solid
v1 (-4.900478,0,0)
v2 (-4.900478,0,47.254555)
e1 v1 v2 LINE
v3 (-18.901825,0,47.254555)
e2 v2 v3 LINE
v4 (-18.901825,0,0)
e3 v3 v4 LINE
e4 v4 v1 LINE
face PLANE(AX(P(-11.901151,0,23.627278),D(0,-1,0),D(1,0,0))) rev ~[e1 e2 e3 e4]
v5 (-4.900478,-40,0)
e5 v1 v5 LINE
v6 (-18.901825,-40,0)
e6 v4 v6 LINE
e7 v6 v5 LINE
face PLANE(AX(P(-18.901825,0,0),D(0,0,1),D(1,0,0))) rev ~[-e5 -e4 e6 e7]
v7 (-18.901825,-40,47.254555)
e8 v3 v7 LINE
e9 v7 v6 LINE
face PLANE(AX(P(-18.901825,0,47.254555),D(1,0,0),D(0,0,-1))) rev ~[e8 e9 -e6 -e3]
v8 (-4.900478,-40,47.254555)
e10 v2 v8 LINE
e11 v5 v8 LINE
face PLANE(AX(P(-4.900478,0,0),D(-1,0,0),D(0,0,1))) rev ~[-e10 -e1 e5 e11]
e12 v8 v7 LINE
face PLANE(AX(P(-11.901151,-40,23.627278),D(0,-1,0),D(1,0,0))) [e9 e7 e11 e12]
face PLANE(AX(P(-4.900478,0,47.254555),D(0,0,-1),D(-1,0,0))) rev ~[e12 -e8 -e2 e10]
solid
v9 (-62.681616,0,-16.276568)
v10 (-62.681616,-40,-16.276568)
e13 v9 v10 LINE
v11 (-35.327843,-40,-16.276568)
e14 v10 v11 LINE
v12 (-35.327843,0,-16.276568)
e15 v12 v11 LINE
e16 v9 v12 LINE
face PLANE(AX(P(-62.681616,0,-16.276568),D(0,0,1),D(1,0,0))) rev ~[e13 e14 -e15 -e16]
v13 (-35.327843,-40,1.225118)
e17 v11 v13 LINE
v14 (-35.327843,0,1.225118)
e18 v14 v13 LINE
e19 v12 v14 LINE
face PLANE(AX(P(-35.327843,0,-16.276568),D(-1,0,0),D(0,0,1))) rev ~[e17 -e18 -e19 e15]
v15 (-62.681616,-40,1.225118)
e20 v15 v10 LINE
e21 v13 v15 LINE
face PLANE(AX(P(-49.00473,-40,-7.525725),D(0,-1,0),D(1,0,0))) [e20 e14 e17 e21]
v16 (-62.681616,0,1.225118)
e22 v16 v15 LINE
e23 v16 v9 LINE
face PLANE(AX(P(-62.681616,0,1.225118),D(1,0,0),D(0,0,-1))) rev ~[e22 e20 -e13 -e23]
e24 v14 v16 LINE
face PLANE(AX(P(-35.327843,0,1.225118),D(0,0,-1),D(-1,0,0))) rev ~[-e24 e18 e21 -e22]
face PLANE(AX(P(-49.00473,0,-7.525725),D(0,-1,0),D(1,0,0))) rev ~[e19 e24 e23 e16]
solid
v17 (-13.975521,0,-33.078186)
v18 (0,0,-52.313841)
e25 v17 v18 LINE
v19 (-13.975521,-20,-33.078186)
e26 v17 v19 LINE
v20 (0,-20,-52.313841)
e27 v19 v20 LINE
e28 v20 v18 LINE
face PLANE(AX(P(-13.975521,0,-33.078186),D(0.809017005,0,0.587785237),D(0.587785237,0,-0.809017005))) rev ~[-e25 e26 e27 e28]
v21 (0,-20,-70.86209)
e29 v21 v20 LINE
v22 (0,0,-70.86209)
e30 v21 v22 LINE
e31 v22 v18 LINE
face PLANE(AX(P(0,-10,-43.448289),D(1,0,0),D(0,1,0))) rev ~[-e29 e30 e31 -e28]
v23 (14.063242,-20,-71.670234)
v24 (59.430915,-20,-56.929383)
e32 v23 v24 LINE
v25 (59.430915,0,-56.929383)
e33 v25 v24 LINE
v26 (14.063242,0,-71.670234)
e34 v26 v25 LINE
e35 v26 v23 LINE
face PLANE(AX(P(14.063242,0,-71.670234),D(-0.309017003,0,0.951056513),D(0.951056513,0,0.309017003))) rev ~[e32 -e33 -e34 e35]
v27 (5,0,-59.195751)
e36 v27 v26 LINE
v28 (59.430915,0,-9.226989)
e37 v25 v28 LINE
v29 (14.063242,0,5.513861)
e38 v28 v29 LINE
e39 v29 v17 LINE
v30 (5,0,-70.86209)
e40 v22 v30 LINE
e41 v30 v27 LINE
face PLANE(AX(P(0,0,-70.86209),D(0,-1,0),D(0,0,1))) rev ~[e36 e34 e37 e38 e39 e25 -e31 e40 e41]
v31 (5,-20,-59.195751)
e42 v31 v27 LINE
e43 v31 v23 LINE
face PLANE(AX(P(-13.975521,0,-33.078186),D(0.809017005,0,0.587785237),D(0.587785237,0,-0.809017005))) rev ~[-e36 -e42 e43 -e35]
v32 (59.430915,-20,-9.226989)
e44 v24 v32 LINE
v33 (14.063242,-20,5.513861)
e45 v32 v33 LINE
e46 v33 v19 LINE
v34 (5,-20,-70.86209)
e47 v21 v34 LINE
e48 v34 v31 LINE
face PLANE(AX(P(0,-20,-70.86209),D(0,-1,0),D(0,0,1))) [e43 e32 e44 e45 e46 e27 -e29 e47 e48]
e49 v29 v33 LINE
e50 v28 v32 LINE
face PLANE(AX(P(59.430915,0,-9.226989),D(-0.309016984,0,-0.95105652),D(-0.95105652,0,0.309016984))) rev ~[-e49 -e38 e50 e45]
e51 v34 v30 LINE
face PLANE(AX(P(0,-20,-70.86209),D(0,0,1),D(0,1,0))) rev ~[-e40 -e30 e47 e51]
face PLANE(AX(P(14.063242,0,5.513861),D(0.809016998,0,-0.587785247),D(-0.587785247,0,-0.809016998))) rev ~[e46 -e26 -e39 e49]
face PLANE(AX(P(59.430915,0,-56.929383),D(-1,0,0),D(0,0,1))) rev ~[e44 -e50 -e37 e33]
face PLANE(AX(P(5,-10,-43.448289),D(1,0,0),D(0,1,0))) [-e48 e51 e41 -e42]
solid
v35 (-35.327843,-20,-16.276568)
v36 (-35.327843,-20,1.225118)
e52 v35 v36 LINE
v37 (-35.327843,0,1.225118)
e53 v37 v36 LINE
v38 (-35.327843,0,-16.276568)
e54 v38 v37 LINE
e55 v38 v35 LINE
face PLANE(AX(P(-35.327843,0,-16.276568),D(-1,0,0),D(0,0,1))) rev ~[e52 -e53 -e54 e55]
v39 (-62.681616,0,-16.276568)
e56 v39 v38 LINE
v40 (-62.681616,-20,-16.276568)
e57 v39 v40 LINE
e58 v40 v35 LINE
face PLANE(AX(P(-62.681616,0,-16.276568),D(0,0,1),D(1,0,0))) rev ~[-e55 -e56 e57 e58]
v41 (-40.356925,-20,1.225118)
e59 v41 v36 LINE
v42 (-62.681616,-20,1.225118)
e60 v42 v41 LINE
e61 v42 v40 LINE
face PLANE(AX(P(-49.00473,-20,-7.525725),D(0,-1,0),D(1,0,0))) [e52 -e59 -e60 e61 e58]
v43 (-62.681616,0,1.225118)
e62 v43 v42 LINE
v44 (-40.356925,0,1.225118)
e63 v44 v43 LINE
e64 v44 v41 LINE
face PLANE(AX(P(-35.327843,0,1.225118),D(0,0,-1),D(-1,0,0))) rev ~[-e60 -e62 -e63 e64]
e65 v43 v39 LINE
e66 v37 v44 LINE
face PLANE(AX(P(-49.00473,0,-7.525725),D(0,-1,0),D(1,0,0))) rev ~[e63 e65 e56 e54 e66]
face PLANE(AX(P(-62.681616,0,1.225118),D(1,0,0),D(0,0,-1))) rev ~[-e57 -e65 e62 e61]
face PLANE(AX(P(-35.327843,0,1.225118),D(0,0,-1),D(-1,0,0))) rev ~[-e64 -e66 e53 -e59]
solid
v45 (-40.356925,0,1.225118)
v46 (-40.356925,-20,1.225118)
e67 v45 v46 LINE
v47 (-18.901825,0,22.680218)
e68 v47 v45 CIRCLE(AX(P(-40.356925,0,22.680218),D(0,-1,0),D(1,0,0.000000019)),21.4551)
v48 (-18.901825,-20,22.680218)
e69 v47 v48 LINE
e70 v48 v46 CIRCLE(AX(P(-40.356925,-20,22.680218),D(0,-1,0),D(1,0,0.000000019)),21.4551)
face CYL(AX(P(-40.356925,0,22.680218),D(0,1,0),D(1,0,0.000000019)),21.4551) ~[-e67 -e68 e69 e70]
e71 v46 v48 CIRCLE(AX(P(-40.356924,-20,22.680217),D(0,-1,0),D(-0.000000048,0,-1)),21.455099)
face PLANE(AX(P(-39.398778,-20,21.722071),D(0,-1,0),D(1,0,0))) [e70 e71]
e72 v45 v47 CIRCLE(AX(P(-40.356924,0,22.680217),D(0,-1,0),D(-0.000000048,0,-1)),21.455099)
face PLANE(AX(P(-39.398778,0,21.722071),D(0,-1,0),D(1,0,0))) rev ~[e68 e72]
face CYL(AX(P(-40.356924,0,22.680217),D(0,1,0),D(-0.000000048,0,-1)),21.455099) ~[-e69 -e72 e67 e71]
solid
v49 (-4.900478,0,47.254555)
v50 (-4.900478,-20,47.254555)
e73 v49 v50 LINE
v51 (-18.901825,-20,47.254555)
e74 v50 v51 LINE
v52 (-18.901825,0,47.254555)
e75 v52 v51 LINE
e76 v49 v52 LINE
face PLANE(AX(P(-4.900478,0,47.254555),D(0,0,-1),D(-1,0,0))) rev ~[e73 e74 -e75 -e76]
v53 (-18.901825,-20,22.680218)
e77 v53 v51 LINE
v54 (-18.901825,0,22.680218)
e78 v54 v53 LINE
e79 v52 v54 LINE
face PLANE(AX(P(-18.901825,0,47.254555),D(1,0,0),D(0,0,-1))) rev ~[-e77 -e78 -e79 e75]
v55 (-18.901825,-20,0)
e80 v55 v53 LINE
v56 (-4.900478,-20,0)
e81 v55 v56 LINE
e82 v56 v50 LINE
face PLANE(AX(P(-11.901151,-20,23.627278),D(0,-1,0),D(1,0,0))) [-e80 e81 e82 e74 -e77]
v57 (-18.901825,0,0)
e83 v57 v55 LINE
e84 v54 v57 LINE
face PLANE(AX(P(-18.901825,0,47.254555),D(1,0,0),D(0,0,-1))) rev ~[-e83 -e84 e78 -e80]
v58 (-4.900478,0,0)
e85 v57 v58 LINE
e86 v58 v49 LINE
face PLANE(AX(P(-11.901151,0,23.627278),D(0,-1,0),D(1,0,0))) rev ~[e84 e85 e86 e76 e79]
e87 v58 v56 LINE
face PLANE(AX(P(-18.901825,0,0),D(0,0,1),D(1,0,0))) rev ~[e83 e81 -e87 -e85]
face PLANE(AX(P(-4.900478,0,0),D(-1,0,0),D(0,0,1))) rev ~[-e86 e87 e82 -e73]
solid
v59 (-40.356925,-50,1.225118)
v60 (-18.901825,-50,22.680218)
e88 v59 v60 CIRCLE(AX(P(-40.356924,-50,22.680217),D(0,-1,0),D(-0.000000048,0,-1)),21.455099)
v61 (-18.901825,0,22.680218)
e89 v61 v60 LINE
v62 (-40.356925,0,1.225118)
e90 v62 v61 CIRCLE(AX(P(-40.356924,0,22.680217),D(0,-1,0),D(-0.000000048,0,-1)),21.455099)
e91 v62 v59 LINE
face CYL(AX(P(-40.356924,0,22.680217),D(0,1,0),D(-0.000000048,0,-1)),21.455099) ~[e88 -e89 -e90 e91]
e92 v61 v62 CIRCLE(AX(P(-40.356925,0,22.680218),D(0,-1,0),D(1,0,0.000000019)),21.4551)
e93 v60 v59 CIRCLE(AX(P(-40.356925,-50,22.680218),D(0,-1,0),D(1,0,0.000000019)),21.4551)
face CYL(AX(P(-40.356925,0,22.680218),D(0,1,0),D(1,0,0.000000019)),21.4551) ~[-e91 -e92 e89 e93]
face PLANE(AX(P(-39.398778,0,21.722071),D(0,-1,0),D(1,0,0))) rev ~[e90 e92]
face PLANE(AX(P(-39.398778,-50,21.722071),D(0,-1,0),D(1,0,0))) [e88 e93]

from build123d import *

# Parameters (mm, degrees)
F1_DEPTH = 40
F2_DEPTH = 50
F3_DEPTH = 20
F4_W     = 20
F4_H     = 54.827603
F5_DEPTH = 5


with BuildPart() as f1:
    # F0 (on Front) → F1 (new body)
    with BuildSketch(Plane.XZ):
        Polygon((-18.901825, 47.254555), (-18.901825, 22.680218), (-18.901825, 0), (-4.900478, 0), (-4.900478, 47.254555), align=None)
        Polygon((-35.327843, 1.225118), (-40.356925, 1.225118), (-62.681616, 1.225118), (-62.681616, -16.276568), (-35.327843, -16.276568), align=None)
    extrude(amount=F1_DEPTH)


with BuildPart() as f2:
    # F0 (on Front) → F2 (new body)
    with BuildSketch(Plane.XZ):
        with BuildLine():
            ThreePointArc((-40.356925, 1.225118), (-25.185878, 7.509171), (-18.901825, 22.680218))
            ThreePointArc((-18.901825, 22.680218), (-55.527971, 37.851264), (-40.356925, 1.225118))
        make_face()
    extrude(amount=F2_DEPTH)


with BuildPart() as f3:
    # F0 (on Front) → F3 (new body)
    with BuildSketch(Plane.XZ):
        with BuildLine():
            ThreePointArc((-40.356925, 1.225118), (-25.185878, 7.509171), (-18.901825, 22.680218))
            ThreePointArc((-18.901825, 22.680218), (-55.527971, 37.851264), (-40.356925, 1.225118))
        make_face()
        Polygon((-18.901825, 47.254555), (-18.901825, 22.680218), (-18.901825, 0), (-4.900478, 0), (-4.900478, 47.254555), align=None)
        Polygon((-35.327843, 1.225118), (-40.356925, 1.225118), (-62.681616, 1.225118), (-62.681616, -16.276568), (-35.327843, -16.276568), align=None)
        Polygon((59.430915, -56.929383), (59.430915, -9.226989), (14.063242, 5.513861), (-13.975521, -33.078186), (14.063242, -71.670234), align=None)
    extrude(amount=F3_DEPTH)

    # F4 (on Right) → F5 (join)
    with BuildSketch(Plane.YZ):
        with Locations((-10, -43.448289)):
            Rectangle(F4_W, F4_H)
    extrude(amount=F5_DEPTH)


solid = Compound([f1.part, f2.part, f3.part])
